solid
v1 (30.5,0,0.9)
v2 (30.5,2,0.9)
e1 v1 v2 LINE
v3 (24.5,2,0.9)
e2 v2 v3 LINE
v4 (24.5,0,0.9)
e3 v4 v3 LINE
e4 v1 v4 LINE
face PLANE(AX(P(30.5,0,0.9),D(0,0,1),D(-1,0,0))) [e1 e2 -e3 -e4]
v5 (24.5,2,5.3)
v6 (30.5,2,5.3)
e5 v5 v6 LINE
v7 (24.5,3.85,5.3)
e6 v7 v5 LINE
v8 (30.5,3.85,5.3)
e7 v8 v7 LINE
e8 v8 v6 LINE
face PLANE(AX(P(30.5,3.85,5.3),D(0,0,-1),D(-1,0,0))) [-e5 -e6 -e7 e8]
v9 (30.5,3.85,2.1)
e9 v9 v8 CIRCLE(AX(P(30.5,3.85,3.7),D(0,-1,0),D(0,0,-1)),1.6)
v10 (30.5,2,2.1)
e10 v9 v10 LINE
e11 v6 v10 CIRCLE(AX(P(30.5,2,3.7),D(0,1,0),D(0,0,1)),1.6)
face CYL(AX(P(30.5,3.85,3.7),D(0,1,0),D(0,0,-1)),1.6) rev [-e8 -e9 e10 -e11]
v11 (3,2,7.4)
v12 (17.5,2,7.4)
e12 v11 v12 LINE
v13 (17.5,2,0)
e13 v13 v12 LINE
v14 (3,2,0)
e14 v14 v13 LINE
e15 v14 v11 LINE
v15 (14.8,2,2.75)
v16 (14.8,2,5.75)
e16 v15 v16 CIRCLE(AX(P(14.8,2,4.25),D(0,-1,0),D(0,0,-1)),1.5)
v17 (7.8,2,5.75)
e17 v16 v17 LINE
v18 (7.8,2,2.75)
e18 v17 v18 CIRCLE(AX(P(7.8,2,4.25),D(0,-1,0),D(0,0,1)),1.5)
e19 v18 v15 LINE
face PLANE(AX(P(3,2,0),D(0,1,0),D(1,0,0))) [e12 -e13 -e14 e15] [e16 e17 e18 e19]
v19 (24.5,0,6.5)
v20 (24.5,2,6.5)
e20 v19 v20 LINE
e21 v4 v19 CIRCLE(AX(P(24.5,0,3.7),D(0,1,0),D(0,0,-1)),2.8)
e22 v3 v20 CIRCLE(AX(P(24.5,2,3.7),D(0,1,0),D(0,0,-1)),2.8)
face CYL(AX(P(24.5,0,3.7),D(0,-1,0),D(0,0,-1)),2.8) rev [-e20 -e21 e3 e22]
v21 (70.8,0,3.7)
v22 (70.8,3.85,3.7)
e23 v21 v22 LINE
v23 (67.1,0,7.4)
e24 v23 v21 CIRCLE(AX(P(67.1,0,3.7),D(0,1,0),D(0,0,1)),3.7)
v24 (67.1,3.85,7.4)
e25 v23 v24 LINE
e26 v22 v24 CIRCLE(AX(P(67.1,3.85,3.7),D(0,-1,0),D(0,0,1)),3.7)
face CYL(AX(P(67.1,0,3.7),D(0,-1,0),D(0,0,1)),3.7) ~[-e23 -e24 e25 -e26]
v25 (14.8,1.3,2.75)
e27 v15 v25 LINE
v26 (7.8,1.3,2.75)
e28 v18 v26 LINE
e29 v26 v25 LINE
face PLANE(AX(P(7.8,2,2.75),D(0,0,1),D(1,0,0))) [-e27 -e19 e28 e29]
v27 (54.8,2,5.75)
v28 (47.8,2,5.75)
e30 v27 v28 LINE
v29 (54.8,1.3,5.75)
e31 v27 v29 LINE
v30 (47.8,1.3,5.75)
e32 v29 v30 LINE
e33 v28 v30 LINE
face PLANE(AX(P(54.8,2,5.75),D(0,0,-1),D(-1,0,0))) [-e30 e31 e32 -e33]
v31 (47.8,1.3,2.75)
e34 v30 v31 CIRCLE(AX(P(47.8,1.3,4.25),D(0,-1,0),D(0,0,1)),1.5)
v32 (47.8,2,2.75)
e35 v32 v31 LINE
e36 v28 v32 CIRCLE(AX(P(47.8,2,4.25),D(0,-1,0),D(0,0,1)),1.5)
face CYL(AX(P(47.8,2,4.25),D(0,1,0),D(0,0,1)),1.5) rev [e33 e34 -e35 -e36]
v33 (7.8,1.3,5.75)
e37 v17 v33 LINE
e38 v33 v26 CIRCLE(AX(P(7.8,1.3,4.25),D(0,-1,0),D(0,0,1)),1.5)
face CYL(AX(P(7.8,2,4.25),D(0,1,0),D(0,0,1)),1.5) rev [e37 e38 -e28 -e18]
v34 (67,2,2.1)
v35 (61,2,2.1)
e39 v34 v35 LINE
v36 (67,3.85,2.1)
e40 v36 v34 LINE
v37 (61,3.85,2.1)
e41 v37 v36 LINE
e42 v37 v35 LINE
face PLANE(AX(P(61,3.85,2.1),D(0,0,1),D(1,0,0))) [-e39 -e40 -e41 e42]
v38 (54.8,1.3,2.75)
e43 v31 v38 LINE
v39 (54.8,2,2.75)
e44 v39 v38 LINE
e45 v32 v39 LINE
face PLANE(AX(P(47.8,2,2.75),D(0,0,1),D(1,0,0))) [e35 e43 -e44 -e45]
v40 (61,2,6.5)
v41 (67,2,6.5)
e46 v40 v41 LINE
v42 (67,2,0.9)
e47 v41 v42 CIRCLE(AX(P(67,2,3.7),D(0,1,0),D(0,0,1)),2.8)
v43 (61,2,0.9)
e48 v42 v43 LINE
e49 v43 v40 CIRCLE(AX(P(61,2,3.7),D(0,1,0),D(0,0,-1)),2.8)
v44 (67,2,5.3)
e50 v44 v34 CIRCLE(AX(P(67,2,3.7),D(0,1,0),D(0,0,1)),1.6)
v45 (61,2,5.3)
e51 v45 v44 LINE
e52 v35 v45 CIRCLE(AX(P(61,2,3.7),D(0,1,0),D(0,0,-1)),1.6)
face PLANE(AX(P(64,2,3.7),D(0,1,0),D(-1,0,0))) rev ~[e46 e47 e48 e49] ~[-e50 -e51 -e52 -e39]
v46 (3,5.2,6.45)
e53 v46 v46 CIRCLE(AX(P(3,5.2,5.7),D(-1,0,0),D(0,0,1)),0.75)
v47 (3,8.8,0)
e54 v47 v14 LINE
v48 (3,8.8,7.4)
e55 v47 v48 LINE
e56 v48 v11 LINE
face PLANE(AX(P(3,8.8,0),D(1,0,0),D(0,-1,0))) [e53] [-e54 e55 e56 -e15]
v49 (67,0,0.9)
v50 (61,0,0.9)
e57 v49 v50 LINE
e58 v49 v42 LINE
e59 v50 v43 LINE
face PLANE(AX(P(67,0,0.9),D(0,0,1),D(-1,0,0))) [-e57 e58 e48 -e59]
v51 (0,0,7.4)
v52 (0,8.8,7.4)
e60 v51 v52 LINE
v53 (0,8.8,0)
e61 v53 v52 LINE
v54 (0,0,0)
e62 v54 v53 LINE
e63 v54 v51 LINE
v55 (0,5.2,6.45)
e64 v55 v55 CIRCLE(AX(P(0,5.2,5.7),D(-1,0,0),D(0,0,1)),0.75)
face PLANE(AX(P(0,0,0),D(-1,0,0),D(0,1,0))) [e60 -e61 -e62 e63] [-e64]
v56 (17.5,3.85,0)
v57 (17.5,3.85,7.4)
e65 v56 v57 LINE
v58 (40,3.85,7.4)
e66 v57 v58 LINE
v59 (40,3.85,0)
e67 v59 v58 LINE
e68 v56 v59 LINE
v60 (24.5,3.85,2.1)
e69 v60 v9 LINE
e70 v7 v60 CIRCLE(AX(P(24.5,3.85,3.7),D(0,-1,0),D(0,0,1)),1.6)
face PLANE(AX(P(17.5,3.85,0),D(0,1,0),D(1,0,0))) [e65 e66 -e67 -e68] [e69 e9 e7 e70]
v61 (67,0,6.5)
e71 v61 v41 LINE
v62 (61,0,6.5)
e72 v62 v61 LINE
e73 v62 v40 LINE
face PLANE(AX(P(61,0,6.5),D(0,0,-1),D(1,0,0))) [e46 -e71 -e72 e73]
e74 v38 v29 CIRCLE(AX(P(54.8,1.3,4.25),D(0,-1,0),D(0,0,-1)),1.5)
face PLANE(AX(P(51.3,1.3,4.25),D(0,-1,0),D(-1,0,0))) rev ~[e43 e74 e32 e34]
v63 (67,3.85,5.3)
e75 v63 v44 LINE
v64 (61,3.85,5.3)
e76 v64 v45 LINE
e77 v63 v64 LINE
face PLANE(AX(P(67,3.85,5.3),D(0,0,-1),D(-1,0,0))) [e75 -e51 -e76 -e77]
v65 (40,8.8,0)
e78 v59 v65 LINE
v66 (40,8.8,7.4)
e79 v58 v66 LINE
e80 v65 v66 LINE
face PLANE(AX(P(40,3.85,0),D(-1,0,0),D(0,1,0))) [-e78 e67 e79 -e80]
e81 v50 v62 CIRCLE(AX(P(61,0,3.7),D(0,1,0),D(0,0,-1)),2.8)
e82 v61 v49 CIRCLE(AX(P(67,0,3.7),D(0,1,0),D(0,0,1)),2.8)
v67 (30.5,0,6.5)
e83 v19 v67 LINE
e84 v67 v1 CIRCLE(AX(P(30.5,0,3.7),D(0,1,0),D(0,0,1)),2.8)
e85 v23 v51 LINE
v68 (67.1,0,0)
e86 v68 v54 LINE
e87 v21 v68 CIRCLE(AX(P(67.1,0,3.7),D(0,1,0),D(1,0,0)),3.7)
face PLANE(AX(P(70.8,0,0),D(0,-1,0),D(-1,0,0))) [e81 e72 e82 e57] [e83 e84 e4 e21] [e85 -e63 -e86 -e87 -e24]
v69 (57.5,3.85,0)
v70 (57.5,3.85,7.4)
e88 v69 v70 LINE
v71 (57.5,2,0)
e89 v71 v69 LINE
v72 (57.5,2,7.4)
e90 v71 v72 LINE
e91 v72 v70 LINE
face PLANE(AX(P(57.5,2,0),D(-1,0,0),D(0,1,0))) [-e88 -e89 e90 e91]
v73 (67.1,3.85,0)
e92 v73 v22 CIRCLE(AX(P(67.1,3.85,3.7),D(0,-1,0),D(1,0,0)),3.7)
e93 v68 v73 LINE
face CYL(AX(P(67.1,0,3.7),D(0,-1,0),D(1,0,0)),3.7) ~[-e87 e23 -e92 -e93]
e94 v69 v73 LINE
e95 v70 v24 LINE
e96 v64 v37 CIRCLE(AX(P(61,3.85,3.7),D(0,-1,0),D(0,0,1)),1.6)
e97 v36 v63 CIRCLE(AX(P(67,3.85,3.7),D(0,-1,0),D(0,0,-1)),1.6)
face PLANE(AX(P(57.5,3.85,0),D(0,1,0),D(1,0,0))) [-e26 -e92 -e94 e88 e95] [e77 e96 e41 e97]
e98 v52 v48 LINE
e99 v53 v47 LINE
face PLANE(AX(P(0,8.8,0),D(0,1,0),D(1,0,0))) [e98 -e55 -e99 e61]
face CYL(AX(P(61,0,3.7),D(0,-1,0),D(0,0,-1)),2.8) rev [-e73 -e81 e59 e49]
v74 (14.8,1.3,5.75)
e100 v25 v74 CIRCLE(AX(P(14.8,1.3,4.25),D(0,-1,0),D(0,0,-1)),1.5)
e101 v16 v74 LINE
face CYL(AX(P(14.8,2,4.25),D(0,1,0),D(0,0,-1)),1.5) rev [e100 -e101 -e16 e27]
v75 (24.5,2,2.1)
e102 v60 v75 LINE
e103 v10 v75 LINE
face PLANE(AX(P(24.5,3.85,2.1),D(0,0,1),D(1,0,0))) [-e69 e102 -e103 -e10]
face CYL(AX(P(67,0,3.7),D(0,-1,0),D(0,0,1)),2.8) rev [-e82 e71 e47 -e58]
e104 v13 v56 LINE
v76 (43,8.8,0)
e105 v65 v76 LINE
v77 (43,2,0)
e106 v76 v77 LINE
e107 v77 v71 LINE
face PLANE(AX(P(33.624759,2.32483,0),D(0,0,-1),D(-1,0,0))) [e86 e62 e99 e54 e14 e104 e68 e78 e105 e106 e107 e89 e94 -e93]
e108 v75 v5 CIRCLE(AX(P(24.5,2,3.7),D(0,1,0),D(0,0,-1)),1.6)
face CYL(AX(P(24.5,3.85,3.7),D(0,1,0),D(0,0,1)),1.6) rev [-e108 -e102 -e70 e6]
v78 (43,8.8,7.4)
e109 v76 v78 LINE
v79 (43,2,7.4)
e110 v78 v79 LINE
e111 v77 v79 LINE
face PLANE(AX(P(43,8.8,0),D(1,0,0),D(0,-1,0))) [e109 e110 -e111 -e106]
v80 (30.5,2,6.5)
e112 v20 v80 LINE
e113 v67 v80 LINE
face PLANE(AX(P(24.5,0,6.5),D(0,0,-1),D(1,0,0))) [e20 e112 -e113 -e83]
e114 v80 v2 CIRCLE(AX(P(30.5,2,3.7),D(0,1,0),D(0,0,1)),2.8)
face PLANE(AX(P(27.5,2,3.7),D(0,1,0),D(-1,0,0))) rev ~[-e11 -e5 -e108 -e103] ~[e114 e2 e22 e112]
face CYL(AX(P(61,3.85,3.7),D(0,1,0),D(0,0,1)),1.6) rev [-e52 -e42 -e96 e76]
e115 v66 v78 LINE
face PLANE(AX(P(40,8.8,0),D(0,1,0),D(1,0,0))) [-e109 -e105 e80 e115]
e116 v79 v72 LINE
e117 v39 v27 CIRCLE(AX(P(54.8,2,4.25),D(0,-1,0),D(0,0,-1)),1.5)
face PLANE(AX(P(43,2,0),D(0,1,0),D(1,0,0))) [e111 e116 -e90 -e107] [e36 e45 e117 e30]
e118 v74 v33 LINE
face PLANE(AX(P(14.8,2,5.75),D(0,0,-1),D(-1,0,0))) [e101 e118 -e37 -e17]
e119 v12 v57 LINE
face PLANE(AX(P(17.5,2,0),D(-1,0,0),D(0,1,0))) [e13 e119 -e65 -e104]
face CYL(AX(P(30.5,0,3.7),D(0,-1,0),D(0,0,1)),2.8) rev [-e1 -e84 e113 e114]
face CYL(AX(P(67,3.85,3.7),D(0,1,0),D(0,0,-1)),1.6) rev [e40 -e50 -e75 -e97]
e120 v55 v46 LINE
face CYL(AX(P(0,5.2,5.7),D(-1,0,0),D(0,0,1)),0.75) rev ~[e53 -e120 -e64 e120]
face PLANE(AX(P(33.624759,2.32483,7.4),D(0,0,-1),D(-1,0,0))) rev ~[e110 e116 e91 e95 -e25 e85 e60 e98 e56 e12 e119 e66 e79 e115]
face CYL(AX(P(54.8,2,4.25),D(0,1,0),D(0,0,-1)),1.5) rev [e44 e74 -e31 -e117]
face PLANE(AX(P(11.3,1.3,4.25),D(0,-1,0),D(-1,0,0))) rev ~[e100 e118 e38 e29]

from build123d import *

# Parameters (mm, degrees)
BOSS_EXTRUDE1_DEPTH = 7.4
CUT_EXTRUDE1_DEPTH  = 10
CUT_EXTRUDE2_DEPTH  = 2
CUT_EXTRUDE3_REACH  = 72.8
SKETCH5_R           = 0.75
CUT_EXTRUDE4_DEPTH  = 10
CUT_EXTRUDE6_DEPTH  = 0.7


with BuildPart() as part:
    # Sketch1 → Boss-Extrude1 (new body)
    with BuildSketch(Plane.XY):
        Polygon((0, 0), (0, 8.8), (3, 8.8), (3, 2), (17.5, 2), (17.5, 3.85), (40, 3.85), (40, 8.8), (43, 8.8), (43, 2), (57.5, 2), (57.5, 3.85), (70.8, 3.85), (70.8, 0), align=None)
    extrude(amount=BOSS_EXTRUDE1_DEPTH)

    # Sketch3 → Cut-Extrude1 (cut)
    with BuildSketch(Plane(origin=(0, 3.85, 0), x_dir=(1, 0, 0), z_dir=(0, 1, 0))):
        with BuildLine():
            Line((30.5, -5.3), (24.5, -5.3))
            ThreePointArc((24.5, -5.3), (22.9, -3.7), (24.5, -2.1))
            Line((24.5, -2.1), (30.5, -2.1))
            ThreePointArc((30.5, -2.1), (32.1, -3.7), (30.5, -5.3))
        make_face()
        with BuildLine():
            Line((67, -5.3), (61, -5.3))
            ThreePointArc((61, -5.3), (59.4, -3.7), (61, -2.1))
            Line((61, -2.1), (67, -2.1))
            ThreePointArc((67, -2.1), (68.6, -3.7), (67, -5.3))
        make_face()
    extrude(amount=-CUT_EXTRUDE1_DEPTH, mode=Mode.SUBTRACT)

    # Sketch4 → Cut-Extrude2 (cut)
    with BuildSketch(Plane.XZ):
        with BuildLine():
            Line((24.5, 6.5), (30.5, 6.5))
            ThreePointArc((30.5, 6.5), (33.3, 3.7), (30.5, 0.9))
            Line((30.5, 0.9), (24.5, 0.9))
            ThreePointArc((24.5, 0.9), (21.7, 3.7), (24.5, 6.5))
        make_face()
        with BuildLine():
            Line((24.5, 5.3), (30.5, 5.3))
            ThreePointArc((30.5, 5.3), (32.1, 3.7), (30.5, 2.1))
            Line((30.5, 2.1), (24.5, 2.1))
            ThreePointArc((24.5, 2.1), (22.9, 3.7), (24.5, 5.3))
        make_face(mode=Mode.SUBTRACT)
        with BuildLine():
            Line((61, 6.5), (67, 6.5))
            ThreePointArc((67, 6.5), (69.8, 3.7), (67, 0.9))
            Line((67, 0.9), (61, 0.9))
            ThreePointArc((61, 0.9), (58.2, 3.7), (61, 6.5))
        make_face()
        with BuildLine():
            Line((61, 5.3), (67, 5.3))
            ThreePointArc((67, 5.3), (68.6, 3.7), (67, 2.1))
            Line((67, 2.1), (61, 2.1))
            ThreePointArc((61, 2.1), (59.4, 3.7), (61, 5.3))
        make_face(mode=Mode.SUBTRACT)
    extrude(amount=-CUT_EXTRUDE2_DEPTH, mode=Mode.SUBTRACT)

    # Sketch5 → Cut-Extrude3 (cut, up to next)
    with BuildSketch(Plane.ZY, mode=Mode.PRIVATE) as cut_extrude3_sk1:
        with Locations((5.7, 5.2)):
            Circle(SKETCH5_R)
    cut_extrude3_tool1 = extrude(cut_extrude3_sk1.sketch, amount=-CUT_EXTRUDE3_REACH, mode=Mode.PRIVATE) & part.part
    add(cut_extrude3_tool1.solids().sort_by_distance((0, 5.2, 5.7))[0], mode=Mode.SUBTRACT)

    # Sketch6 → Cut-Extrude4 (cut)
    with BuildSketch(Plane.XZ):
        with BuildLine():
            Line((67.1, 0), (70.8, 0))
            Line((70.8, 0), (70.8, 3.7))
            ThreePointArc((70.8, 3.7), (69.71629509, 1.08370491), (67.1, 0))
        make_face()
        with BuildLine():
            ThreePointArc((67.1, 7.4), (69.71629509, 6.31629509), (70.8, 3.7))
            Line((70.8, 3.7), (70.8, 7.4))
            Line((70.8, 7.4), (67.1, 7.4))
        make_face()
    extrude(amount=-CUT_EXTRUDE4_DEPTH, mode=Mode.SUBTRACT)

    # Sketch8 → Cut-Extrude6 (cut)
    with BuildSketch(Plane(origin=(0, 2, 0), x_dir=(1, 0, 0), z_dir=(0, 1, 0))):
        with BuildLine():
            Line((7.8, -2.75), (14.8, -2.75))
            ThreePointArc((14.8, -2.75), (16.3, -4.25), (14.8, -5.75))
            Line((14.8, -5.75), (7.8, -5.75))
            ThreePointArc((7.8, -5.75), (6.3, -4.25), (7.8, -2.75))
        make_face()
        with BuildLine():
            Line((47.8, -2.75), (54.8, -2.75))
            ThreePointArc((54.8, -2.75), (56.3, -4.25), (54.8, -5.75))
            Line((54.8, -5.75), (47.8, -5.75))
            ThreePointArc((47.8, -5.75), (46.3, -4.25), (47.8, -2.75))
        make_face()
    extrude(amount=-CUT_EXTRUDE6_DEPTH, mode=Mode.SUBTRACT)


solid = part.part
